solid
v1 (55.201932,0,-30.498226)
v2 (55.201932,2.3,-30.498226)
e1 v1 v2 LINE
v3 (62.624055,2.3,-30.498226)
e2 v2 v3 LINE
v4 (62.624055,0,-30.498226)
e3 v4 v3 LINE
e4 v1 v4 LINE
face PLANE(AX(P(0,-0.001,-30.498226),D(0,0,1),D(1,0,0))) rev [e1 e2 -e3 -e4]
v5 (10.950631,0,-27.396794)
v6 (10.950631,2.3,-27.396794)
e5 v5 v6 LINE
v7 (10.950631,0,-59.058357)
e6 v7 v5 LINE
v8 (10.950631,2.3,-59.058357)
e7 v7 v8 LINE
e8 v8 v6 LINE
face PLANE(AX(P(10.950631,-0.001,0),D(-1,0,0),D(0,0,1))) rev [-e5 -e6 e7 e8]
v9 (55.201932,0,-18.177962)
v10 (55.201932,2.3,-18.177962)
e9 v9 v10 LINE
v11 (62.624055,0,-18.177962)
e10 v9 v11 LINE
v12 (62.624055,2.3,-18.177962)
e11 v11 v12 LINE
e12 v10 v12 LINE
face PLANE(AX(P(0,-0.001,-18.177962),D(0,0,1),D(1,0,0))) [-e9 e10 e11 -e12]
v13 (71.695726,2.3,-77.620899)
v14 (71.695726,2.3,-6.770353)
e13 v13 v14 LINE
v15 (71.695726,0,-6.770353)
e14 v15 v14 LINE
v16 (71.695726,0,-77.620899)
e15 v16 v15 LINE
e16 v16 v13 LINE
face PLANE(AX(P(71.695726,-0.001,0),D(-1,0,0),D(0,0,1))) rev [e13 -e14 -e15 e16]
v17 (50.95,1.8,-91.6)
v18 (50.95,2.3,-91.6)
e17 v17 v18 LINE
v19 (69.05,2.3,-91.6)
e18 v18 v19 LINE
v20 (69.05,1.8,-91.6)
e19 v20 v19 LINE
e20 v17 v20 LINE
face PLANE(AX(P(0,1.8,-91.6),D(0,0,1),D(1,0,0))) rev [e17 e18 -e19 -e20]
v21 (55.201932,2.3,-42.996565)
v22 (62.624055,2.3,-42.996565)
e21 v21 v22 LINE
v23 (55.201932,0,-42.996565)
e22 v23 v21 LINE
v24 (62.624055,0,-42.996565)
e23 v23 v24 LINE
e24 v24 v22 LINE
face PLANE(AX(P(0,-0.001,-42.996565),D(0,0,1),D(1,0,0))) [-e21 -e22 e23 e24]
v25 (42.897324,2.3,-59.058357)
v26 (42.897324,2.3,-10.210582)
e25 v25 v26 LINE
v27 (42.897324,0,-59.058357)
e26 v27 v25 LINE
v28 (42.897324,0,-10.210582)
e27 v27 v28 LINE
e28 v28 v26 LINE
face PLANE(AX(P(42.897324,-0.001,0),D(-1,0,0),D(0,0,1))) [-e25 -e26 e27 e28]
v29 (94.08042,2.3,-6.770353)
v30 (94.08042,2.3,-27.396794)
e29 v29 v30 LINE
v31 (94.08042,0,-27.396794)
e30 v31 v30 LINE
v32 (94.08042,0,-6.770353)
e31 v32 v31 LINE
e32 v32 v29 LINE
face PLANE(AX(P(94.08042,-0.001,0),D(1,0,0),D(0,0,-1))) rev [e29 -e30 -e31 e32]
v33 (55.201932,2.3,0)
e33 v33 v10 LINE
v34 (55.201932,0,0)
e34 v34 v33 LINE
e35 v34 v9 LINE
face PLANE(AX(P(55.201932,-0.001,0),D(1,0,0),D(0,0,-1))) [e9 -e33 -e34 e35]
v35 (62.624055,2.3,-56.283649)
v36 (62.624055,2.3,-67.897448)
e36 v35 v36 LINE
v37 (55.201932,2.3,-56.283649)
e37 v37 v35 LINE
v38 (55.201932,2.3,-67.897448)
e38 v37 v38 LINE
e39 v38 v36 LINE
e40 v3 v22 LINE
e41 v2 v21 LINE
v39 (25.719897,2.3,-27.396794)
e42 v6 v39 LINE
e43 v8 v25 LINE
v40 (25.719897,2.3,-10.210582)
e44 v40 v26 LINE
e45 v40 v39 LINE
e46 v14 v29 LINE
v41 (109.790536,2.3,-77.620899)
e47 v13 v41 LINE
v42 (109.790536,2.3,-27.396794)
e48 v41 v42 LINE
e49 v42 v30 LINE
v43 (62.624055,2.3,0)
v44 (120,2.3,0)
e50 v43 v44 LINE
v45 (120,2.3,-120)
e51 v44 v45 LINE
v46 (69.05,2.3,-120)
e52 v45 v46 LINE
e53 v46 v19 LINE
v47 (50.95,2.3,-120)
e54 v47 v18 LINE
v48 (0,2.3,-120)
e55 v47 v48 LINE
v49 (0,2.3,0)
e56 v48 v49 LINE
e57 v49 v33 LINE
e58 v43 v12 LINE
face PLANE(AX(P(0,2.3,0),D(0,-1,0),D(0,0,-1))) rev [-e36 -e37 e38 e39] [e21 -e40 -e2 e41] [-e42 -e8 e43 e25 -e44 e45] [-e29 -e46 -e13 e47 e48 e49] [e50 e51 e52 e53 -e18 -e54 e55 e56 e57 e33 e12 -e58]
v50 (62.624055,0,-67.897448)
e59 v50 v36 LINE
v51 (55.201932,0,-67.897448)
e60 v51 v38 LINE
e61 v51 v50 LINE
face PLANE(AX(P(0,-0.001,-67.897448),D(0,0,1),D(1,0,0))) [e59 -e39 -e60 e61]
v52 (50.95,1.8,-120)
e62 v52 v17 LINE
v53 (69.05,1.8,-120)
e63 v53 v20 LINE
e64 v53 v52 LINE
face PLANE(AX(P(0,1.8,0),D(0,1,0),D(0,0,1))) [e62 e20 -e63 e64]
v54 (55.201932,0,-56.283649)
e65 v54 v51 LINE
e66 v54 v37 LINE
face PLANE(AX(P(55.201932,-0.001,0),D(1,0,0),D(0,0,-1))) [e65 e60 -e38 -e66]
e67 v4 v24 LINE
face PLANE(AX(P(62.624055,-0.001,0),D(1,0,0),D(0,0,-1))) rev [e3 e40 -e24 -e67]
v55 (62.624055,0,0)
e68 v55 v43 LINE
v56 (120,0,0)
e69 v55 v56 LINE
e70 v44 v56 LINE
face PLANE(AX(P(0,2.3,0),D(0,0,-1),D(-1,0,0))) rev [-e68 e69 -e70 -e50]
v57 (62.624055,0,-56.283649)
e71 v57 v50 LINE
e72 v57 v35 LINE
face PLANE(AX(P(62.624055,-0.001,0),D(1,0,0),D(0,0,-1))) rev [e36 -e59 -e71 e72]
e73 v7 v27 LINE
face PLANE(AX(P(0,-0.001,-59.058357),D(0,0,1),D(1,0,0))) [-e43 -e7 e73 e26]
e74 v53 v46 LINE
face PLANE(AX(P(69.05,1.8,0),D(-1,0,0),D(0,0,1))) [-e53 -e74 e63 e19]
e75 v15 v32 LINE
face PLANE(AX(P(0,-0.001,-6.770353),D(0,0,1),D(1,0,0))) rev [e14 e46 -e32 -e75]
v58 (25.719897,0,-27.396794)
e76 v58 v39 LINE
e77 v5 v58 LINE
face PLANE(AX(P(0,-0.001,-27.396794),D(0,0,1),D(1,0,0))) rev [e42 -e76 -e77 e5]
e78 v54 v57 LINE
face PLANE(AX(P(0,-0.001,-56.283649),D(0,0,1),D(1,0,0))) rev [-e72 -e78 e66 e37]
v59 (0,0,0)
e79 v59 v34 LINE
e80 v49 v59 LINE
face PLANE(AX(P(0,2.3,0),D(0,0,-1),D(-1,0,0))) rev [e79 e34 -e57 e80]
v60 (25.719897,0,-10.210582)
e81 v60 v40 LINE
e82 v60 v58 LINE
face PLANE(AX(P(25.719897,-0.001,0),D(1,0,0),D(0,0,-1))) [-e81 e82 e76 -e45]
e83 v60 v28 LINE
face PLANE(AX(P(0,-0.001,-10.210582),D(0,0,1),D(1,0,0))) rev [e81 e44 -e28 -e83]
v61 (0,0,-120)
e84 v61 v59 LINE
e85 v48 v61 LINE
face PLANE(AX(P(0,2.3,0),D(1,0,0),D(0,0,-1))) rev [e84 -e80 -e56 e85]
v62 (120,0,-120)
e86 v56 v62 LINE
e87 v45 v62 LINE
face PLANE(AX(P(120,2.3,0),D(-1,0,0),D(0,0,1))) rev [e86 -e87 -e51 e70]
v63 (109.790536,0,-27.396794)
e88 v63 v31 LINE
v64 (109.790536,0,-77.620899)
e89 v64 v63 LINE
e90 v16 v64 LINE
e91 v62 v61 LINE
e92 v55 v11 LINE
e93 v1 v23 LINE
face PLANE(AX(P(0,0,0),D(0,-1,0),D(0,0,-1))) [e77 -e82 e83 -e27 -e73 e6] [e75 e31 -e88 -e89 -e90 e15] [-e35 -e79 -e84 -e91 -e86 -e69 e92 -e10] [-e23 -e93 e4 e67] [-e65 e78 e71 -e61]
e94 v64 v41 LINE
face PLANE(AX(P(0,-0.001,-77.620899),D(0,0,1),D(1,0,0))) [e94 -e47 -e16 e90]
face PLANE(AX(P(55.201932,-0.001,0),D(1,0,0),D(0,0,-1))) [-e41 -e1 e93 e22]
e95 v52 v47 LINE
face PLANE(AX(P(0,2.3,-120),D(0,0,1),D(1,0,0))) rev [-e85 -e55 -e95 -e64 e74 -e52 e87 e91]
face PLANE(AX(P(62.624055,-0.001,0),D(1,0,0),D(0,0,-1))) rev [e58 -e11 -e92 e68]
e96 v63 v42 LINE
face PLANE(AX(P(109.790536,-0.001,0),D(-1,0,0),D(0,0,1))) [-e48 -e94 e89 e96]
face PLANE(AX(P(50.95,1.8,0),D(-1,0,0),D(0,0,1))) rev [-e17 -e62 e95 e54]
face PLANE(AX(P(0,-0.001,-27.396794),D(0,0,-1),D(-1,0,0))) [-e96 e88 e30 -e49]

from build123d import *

# Parameters (mm, degrees)
SKETCH1_W           = 120
SKETCH1_H           = 120
BOSS_EXTRUDE1_DEPTH = 2.3
CUT_EXTRUDE1_REACH  = 171.721
SKETCH2_W           = 7.422122634
SKETCH2_H           = 18.177961541
SKETCH2_H_2         = 12.498339484
SKETCH2_H_3         = 11.613798671
SKETCH2_3_W         = 18.1
SKETCH2_3_H         = 28.4
CUT_EXTRUDE2_DEPTH  = 0.5


with BuildPart() as part:
    # Sketch1 → Boss-Extrude1 (new body)
    with BuildSketch(Plane(origin=(0, 0, 0), x_dir=(1, 0, 0), z_dir=(0, 1, 0))):
        with Locations((60, 60)):
            Rectangle(SKETCH1_W, SKETCH1_H)
    extrude(amount=BOSS_EXTRUDE1_DEPTH)

    # Sketch2 → Cut-Extrude1 (cut, up to next)
    with BuildSketch(Plane(origin=(0, 2.3, 0), x_dir=(1, 0, 0), z_dir=(0, 1, 0)), mode=Mode.PRIVATE) as cut_extrude1_sk1:
        Polygon((42.897324416, 59.05835662), (10.950631269, 59.05835662), (10.950631269, 27.396794206), (25.719897068, 27.396794206), (25.719897068, 10.210582129), (42.897324416, 10.210582129), align=None)
    cut_extrude1_tool1 = extrude(cut_extrude1_sk1.sketch, amount=-CUT_EXTRUDE1_REACH, mode=Mode.PRIVATE) & part.part
    # Sketch2 → Cut-Extrude1 (cut, up to next)
    with BuildSketch(Plane(origin=(0, 2.3, 0), x_dir=(1, 0, 0), z_dir=(0, 1, 0)), mode=Mode.PRIVATE) as cut_extrude1_sk2:
        Polygon((109.790535643, 77.620899486), (71.695725531, 77.620899486), (71.695725531, 6.770353139), (94.080420097, 6.770353139), (94.080420097, 27.396794206), (109.790535643, 27.396794206), align=None)
    cut_extrude1_tool2 = extrude(cut_extrude1_sk2.sketch, amount=-CUT_EXTRUDE1_REACH, mode=Mode.PRIVATE) & part.part
    # Sketch2 → Cut-Extrude1 (cut, up to next)
    with BuildSketch(Plane(origin=(0, 2.3, 0), x_dir=(1, 0, 0), z_dir=(0, 1, 0)), mode=Mode.PRIVATE) as cut_extrude1_sk3:
        with Locations((58.912993536, 9.088980771)):
            Rectangle(SKETCH2_W, SKETCH2_H)
    cut_extrude1_tool3 = extrude(cut_extrude1_sk3.sketch, amount=-CUT_EXTRUDE1_REACH, mode=Mode.PRIVATE) & part.part
    # Sketch2 → Cut-Extrude1 (cut, up to next)
    with BuildSketch(Plane(origin=(0, 2.3, 0), x_dir=(1, 0, 0), z_dir=(0, 1, 0)), mode=Mode.PRIVATE) as cut_extrude1_sk4:
        with Locations((58.912993536, 36.747395539)):
            Rectangle(SKETCH2_W, SKETCH2_H_2)
    cut_extrude1_tool4 = extrude(cut_extrude1_sk4.sketch, amount=-CUT_EXTRUDE1_REACH, mode=Mode.PRIVATE) & part.part
    # Sketch2 → Cut-Extrude1 (cut, up to next)
    with BuildSketch(Plane(origin=(0, 2.3, 0), x_dir=(1, 0, 0), z_dir=(0, 1, 0)), mode=Mode.PRIVATE) as cut_extrude1_sk5:
        with Locations((58.912993536, 62.090548619)):
            Rectangle(SKETCH2_W, SKETCH2_H_3)
    cut_extrude1_tool5 = extrude(cut_extrude1_sk5.sketch, amount=-CUT_EXTRUDE1_REACH, mode=Mode.PRIVATE) & part.part
    add(cut_extrude1_tool1.solids().sort_by_distance((28.592347, 2.3, -37.709621))[0], mode=Mode.SUBTRACT)
    add(cut_extrude1_tool2.solids().sort_by_distance((89.216049, 2.3, -45.62191))[0], mode=Mode.SUBTRACT)
    add(cut_extrude1_tool3.solids().sort_by_distance((58.912994, 2.3, -9.088981))[0], mode=Mode.SUBTRACT)
    add(cut_extrude1_tool4.solids().sort_by_distance((58.912994, 2.3, -36.747396))[0], mode=Mode.SUBTRACT)
    add(cut_extrude1_tool5.solids().sort_by_distance((58.912994, 2.3, -62.090549))[0], mode=Mode.SUBTRACT)

    # Sketch2<3> → Cut-Extrude2 (cut)
    with BuildSketch(Plane(origin=(0, 2.3, 0), x_dir=(1, 0, 0), z_dir=(0, 1, 0))):
        with Locations((60, 105.8)):
            Rectangle(SKETCH2_3_W, SKETCH2_3_H)
    extrude(amount=-CUT_EXTRUDE2_DEPTH, mode=Mode.SUBTRACT)


solid = part.part
